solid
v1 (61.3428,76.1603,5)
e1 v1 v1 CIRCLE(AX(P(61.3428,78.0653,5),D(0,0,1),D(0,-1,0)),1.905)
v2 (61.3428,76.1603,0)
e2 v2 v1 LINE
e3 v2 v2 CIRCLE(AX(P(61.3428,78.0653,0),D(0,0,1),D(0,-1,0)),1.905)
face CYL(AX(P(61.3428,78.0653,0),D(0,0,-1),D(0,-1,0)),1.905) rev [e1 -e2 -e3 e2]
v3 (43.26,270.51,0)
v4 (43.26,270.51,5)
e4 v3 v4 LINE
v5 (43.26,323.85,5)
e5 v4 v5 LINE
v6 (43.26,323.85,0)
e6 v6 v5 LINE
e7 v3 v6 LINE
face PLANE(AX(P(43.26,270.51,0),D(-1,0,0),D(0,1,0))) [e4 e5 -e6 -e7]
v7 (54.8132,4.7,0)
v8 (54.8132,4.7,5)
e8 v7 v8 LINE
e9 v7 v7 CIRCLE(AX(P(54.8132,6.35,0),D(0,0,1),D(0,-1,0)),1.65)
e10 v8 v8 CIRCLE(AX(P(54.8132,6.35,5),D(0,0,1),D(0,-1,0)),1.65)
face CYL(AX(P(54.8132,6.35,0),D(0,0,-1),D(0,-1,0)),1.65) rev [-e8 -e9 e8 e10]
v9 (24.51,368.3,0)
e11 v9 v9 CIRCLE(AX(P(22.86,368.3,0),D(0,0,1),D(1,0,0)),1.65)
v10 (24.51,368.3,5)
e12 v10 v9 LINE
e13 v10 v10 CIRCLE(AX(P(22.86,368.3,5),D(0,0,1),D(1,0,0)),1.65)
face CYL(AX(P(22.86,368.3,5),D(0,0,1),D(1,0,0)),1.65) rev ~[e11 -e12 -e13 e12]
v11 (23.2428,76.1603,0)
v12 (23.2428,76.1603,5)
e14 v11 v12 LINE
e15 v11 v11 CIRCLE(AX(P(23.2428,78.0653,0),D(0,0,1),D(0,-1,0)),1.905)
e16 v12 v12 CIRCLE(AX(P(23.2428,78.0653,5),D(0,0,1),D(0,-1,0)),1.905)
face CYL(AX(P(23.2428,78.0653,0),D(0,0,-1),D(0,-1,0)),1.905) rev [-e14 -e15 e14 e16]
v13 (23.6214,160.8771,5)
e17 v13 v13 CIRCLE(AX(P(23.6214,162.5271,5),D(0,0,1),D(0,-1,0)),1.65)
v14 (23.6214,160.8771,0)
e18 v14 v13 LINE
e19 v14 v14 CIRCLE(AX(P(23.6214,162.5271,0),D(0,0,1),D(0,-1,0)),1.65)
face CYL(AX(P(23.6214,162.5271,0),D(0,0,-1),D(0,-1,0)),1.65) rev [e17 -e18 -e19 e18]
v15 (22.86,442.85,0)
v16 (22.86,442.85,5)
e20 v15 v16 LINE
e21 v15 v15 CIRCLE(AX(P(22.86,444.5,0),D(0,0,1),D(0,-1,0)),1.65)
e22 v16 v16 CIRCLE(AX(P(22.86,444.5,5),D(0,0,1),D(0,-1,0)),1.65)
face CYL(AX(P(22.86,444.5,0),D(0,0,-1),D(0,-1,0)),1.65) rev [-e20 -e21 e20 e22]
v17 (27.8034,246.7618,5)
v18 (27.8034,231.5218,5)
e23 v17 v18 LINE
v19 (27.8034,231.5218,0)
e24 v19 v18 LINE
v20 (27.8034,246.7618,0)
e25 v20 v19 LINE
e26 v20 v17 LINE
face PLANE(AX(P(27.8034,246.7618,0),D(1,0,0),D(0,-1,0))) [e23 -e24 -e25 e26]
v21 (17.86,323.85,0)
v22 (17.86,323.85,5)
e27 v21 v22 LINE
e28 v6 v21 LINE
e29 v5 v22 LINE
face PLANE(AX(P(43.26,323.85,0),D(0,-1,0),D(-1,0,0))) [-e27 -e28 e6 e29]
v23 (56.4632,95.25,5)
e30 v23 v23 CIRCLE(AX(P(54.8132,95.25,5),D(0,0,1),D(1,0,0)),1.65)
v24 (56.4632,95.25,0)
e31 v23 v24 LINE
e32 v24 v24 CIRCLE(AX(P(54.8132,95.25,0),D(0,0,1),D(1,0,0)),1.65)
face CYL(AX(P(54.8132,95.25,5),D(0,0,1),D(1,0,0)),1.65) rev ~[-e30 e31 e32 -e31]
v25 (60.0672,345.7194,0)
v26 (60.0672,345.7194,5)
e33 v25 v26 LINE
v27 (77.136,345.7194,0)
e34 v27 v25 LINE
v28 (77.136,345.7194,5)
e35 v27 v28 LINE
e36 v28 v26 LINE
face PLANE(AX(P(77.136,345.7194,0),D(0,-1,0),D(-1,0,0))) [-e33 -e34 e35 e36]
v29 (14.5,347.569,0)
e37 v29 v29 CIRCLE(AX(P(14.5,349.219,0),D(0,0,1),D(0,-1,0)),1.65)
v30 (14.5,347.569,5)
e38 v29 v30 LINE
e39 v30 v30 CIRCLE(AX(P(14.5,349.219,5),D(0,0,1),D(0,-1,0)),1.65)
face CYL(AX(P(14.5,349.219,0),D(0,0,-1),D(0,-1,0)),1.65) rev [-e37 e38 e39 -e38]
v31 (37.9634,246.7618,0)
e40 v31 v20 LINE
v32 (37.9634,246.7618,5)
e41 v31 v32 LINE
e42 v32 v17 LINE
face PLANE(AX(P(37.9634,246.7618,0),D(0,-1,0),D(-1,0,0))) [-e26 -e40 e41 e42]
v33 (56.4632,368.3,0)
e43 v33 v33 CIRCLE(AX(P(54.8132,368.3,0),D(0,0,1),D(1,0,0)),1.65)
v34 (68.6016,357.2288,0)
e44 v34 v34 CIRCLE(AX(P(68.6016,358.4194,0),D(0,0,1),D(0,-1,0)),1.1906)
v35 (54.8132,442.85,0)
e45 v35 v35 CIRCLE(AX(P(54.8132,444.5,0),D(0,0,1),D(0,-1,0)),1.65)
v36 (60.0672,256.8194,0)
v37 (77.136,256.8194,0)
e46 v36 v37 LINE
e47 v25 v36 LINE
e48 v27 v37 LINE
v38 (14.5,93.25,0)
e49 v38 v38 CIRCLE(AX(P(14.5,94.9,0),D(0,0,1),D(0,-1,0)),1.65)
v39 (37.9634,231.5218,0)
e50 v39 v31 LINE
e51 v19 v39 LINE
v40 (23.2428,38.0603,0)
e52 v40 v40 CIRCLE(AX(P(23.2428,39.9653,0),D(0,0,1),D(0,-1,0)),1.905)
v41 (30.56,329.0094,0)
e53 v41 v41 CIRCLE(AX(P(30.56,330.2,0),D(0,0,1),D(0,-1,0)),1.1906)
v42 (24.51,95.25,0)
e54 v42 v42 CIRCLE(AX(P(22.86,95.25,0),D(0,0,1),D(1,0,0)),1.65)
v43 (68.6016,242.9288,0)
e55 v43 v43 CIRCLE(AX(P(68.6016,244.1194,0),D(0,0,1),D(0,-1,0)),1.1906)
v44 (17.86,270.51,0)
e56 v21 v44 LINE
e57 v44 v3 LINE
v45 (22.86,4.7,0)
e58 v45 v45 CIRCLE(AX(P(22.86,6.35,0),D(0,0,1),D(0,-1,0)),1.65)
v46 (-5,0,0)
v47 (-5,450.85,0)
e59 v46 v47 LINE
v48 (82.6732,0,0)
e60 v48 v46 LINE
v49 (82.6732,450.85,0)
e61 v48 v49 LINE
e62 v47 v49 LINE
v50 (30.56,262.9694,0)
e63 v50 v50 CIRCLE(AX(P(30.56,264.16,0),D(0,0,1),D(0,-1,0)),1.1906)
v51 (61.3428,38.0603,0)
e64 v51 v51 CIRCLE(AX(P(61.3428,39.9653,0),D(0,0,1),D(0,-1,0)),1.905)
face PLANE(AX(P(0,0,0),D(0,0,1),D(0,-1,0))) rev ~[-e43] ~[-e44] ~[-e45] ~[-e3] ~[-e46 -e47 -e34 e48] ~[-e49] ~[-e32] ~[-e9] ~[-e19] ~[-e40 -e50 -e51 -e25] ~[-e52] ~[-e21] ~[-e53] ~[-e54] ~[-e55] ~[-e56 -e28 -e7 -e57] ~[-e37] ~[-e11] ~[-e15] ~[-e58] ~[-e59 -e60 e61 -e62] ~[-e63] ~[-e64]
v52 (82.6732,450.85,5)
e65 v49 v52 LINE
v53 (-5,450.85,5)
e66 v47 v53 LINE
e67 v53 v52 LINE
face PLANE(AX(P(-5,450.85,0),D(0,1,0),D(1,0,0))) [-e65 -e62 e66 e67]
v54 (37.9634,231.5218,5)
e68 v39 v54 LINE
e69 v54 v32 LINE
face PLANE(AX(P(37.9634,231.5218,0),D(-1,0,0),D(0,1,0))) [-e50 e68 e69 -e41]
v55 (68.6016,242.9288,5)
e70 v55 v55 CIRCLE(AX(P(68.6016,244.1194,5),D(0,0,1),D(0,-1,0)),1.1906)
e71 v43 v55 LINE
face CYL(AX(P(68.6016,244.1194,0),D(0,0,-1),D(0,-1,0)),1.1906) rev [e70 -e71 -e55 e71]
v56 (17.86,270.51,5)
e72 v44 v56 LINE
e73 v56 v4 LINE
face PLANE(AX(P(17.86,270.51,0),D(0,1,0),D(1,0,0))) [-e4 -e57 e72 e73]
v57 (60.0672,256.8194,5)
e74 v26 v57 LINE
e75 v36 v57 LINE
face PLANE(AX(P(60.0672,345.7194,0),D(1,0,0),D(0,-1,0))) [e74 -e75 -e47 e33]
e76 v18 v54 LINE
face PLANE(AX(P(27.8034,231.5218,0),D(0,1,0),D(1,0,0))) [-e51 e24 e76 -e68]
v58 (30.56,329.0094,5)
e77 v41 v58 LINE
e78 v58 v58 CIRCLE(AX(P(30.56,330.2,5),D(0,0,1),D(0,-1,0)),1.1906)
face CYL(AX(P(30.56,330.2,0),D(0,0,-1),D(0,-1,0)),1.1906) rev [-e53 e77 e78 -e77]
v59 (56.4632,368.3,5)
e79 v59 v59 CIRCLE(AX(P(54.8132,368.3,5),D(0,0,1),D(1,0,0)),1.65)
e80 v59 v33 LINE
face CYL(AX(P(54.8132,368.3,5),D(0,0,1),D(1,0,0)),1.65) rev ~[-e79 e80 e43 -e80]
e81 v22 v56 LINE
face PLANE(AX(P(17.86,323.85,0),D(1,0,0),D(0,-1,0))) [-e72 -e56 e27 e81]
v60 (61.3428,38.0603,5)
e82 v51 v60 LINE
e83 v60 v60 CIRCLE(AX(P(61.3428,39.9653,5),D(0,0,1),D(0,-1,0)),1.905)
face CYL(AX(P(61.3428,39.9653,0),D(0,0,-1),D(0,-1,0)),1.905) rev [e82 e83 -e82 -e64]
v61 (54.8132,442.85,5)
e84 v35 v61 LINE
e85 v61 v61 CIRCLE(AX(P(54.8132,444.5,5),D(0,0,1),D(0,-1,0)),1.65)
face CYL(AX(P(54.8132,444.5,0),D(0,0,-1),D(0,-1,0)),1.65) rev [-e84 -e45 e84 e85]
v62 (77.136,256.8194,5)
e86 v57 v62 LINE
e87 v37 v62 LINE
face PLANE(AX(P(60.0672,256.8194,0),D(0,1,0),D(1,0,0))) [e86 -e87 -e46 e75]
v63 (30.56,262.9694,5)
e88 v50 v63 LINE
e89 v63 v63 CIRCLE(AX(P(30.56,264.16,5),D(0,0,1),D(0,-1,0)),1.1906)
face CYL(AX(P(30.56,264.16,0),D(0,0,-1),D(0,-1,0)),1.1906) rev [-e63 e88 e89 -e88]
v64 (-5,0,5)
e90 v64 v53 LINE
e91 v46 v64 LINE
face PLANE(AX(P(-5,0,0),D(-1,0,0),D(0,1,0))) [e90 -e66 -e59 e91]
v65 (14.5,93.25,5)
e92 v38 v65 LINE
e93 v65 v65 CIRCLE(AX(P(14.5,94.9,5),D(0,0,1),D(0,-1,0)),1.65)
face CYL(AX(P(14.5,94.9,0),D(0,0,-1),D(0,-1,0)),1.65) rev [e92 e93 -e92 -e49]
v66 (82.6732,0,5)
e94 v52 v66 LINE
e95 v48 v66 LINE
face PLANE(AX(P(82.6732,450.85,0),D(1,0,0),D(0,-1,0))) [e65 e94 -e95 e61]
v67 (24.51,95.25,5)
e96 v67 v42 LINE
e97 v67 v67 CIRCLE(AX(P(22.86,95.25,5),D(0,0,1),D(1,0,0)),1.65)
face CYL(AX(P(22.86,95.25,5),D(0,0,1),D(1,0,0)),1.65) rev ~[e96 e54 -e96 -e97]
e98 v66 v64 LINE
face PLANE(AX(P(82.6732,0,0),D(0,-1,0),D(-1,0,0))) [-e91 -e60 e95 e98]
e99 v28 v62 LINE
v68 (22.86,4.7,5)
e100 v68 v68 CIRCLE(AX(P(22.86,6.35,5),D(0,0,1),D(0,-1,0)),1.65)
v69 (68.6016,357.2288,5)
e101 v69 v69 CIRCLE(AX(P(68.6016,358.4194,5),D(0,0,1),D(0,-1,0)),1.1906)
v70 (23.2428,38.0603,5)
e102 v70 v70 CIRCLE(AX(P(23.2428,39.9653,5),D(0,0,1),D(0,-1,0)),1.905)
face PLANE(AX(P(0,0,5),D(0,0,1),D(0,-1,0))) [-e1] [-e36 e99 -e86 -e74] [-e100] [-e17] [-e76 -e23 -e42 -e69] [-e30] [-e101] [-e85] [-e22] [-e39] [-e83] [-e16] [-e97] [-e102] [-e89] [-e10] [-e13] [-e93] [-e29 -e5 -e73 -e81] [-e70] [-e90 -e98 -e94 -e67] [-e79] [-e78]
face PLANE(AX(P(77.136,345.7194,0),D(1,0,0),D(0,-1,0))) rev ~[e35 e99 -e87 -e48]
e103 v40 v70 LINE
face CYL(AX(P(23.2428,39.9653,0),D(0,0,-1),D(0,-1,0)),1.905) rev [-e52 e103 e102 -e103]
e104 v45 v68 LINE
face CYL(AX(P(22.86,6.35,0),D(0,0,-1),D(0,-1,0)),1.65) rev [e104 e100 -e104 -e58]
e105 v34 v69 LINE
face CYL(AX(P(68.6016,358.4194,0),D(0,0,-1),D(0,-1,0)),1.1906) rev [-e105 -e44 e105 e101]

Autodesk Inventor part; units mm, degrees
ref_plane "YZ Plane" through (0, 0, 0) normal (1, 0, 0) x (0, 1, 0)
ref_plane "XZ Plane" through (0, 0, 0) normal (0, 1, 0) x (-1, 0, 0)
ref_plane "XY Plane" through (0, 0, 0) normal (0, 0, 1) x (1, 0, 0)
ref_plane "Work Plane1" through (0, 0, 0) normal (0, 0, 1) x (0, -1, 0)
sketch "Sketch1" plane through (0, 0, 0) normal (0, 0, 1) x (0, -1, 0)
  line L0 (-450.85, 82.6732) -> (0, 82.6732) construction
  line L1 (0, -5) -> (-450.85, -5) construction
  line L2 (-450.85, -5) -> (-450.85, 82.6732)
  line L3 (0, 82.6732) -> (0, -5)
  line L4 (0, -5) -> (-450.85, -5)
  circle A0 centre (-444.5, 22.86) radius 1.7 construction
  circle A1 centre (-444.5, 54.8132) radius 1.7 construction
  circle A2 centre (-252.8255, 65.525) radius 1.9304 construction
  circle A3 centre (-210.0251, 141.725) radius 1.9304 construction
  circle A4 centre (-6.35, 54.8132) radius 1.7 construction
  circle A5 centre (-6.35, 22.86) radius 1.7 construction
  circle A6 centre (-94.9, 14.5) radius 1.7 construction
  circle A7 centre (-349.219, 14.5) radius 1.7 construction
  circle A8 centre (-444.5, 22.86) radius 1.65
  circle A9 centre (-444.5, 54.8132) radius 1.65
  circle A10 centre (-349.219, 14.5) radius 1.65
  circle A11 centre (-210.0251, 141.725) radius 1.65
  circle A12 centre (-94.9, 14.5) radius 1.65
  circle A13 centre (-6.35, 54.8132) radius 1.65
  circle A14 centre (-6.35, 22.86) radius 1.65
  circle A15 centre (-78.0653, 61.3428) radius 1.905
  line L5 (-78.0653, 61.3428) -> (-78.0653, 23.2428) construction
  line L6 (-78.0653, 23.2428) -> (-39.9653, 23.2428) construction
  line L7 (-39.9653, 23.2428) -> (-39.9653, 61.3428) construction
  circle A16 centre (-78.0653, 23.2428) radius 1.905
  circle A17 centre (-39.9653, 23.2428) radius 1.905
  circle A18 centre (-39.9653, 61.3428) radius 1.905
  line L8 (-450.85, 15.32) -> (-438.15, 15.32) construction
  line L9 (-246.7618, 27.8034) -> (-231.5218, 27.8034)
  line L10 (-231.5218, 27.8034) -> (-231.5218, 37.9634)
  line L11 (-231.5218, 37.9634) -> (-246.7618, 37.9634)
  line L12 (-246.7618, 37.9634) -> (-246.7618, 27.8034)
  line L13 (-345.7194, 77.136) -> (-345.7194, 60.0672)
  line L14 (-345.7194, 60.0672) -> (-256.8194, 60.0672)
  line L15 (-256.8194, 60.0672) -> (-256.8194, 77.136)
  line L16 (-450.85, 82.6732) -> (-345.7194, 82.6732)
  line L17 (-450.85, 82.6732) -> (0, 82.6732)
  circle A19 centre (-162.5271, 23.6214) radius 1.65
  circle A20 centre (-244.1194, 68.6016) radius 1.1906
  line L18 (-345.7194, 77.136) -> (-256.8194, 77.136)
  circle A21 centre (-358.4194, 68.6016) radius 1.1906
  line L19 (-301.2694, 60.0672) -> (-301.2694, 77.136) construction
  line L20 (-323.85, 17.86) -> (-270.51, 17.86)
  line L21 (-270.51, 17.86) -> (-270.51, 43.26)
  line L22 (-270.51, 43.26) -> (-323.85, 43.26)
  line L23 (-323.85, 43.26) -> (-323.85, 17.86)
  circle A22 centre (-264.16, 30.56) radius 1.1906
  circle A23 centre (-330.2, 30.56) radius 1.1906
  point P0 (0, 0)
  dimension "M3Clearance" = 3.3
  dimension "d1" = 3.3
  dimension "d2" = 3.3
  dimension "d4" = 3.3
  dimension "d5" = 3.3
  dimension "d6" = 3.3
  dimension "d7" = 3.3
  dimension "Number6Clearance" = 3.81
  dimension "d9" = 38.1
  dimension "d10" = 38.1
  dimension "d11" = 38.1
  dimension "d12" = 3.81
  dimension "d13" = 3.81
  dimension "d14" = 3.81
  dimension "d21" = 12.7
  dimension "d22" = 20.32
  dimension "d24" = 15.24
  dimension "d25" = 10.16
  dimension "d26" = 22.606
  dimension "d36" = 3.3
  dimension "d37" = 47.498
  dimension "d38" = 59.0518
  dimension "d39" = 59.0518
  dimension "Number6WoodScrewPilot" = 2.3813
  dimension "d41" = 8.5344
  dimension "d42" = 12.7
  dimension "d43" = 5.5372
  dimension "d44" = 17.0688
  dimension "d45" = 2.3813
  dimension "d46" = 8.5344
  dimension "d47" = 12.7
  dimension "d48" = 149.5806
  dimension "d49" = 44.45
  dimension "d50" = 127
  dimension "d51" = 53.34
  dimension "d52" = 22.86
  dimension "d53" = 25.4
  dimension "d54" = 2.3813
  dimension "d55" = 12.7
  dimension "d56" = 6.35
  dimension "d57" = 2.3813
  dimension "d58" = 6.35
  dimension "d59" = 12.7
extrude "Extrusion1" add sketch "Sketch1" along normal blind 5 contours L2 L16 L17 L3 L4
sketch "Sketch4" plane through (0, 0, 5) normal (0, 0, 1) x (1, 0, 0)
  circle A0 centre (54.8132, 95.25) radius 1.7 construction
  circle A1 centre (22.86, 95.25) radius 1.7 construction
  circle A2 centre (54.8132, 368.3) radius 1.7 construction
  circle A3 centre (22.86, 368.3) radius 1.7 construction
  circle A4 centre (22.86, 95.25) radius 1.65
  circle A5 centre (54.8132, 95.25) radius 1.65
  circle A6 centre (22.86, 368.3) radius 1.65
  circle A7 centre (54.8132, 368.3) radius 1.65
  point P0 (0, 0)
  dimension "d60" = 3.3
  dimension "d61" = 3.3
  dimension "d62" = 3.3
  dimension "d63" = 3.3
extrude "Extrusion3" cut sketch "Sketch4" against normal blind 5
equation "\"d1\" = M3Clearance"
equation "\"d2\" = M3Clearance"
equation "\"d4\" = M3Clearance"
equation "\"d5\" = M3Clearance"
equation "\"d6\" = M3Clearance"
equation "\"d7\" = M3Clearance"
equation "\"d12\" = Number6Clearance"
equation "\"d13\" = Number6Clearance"
equation "\"d14\" = Number6Clearance"
equation "\"d21\" = d55"
equation "\"d36\" = M3Clearance"
equation "\"d39\" = d38"
equation "\"d41\" = 0.5 * d44"
equation "\"d45\" = Number6WoodScrewPilot"
equation "\"d46\" = d41"
equation "\"d47\" = d42"
equation "\"d54\" = Number6WoodScrewPilot"
equation "\"d55\" = 0.5 * d53"
equation "\"d57\" = Number6WoodScrewPilot"
equation "\"d58\" = d56"
equation "\"d60\" = M3Clearance"
equation "\"d61\" = M3Clearance"
equation "\"d62\" = M3Clearance"
equation "\"d63\" = M3Clearance"
properties part number "top of drivetrain 2"
